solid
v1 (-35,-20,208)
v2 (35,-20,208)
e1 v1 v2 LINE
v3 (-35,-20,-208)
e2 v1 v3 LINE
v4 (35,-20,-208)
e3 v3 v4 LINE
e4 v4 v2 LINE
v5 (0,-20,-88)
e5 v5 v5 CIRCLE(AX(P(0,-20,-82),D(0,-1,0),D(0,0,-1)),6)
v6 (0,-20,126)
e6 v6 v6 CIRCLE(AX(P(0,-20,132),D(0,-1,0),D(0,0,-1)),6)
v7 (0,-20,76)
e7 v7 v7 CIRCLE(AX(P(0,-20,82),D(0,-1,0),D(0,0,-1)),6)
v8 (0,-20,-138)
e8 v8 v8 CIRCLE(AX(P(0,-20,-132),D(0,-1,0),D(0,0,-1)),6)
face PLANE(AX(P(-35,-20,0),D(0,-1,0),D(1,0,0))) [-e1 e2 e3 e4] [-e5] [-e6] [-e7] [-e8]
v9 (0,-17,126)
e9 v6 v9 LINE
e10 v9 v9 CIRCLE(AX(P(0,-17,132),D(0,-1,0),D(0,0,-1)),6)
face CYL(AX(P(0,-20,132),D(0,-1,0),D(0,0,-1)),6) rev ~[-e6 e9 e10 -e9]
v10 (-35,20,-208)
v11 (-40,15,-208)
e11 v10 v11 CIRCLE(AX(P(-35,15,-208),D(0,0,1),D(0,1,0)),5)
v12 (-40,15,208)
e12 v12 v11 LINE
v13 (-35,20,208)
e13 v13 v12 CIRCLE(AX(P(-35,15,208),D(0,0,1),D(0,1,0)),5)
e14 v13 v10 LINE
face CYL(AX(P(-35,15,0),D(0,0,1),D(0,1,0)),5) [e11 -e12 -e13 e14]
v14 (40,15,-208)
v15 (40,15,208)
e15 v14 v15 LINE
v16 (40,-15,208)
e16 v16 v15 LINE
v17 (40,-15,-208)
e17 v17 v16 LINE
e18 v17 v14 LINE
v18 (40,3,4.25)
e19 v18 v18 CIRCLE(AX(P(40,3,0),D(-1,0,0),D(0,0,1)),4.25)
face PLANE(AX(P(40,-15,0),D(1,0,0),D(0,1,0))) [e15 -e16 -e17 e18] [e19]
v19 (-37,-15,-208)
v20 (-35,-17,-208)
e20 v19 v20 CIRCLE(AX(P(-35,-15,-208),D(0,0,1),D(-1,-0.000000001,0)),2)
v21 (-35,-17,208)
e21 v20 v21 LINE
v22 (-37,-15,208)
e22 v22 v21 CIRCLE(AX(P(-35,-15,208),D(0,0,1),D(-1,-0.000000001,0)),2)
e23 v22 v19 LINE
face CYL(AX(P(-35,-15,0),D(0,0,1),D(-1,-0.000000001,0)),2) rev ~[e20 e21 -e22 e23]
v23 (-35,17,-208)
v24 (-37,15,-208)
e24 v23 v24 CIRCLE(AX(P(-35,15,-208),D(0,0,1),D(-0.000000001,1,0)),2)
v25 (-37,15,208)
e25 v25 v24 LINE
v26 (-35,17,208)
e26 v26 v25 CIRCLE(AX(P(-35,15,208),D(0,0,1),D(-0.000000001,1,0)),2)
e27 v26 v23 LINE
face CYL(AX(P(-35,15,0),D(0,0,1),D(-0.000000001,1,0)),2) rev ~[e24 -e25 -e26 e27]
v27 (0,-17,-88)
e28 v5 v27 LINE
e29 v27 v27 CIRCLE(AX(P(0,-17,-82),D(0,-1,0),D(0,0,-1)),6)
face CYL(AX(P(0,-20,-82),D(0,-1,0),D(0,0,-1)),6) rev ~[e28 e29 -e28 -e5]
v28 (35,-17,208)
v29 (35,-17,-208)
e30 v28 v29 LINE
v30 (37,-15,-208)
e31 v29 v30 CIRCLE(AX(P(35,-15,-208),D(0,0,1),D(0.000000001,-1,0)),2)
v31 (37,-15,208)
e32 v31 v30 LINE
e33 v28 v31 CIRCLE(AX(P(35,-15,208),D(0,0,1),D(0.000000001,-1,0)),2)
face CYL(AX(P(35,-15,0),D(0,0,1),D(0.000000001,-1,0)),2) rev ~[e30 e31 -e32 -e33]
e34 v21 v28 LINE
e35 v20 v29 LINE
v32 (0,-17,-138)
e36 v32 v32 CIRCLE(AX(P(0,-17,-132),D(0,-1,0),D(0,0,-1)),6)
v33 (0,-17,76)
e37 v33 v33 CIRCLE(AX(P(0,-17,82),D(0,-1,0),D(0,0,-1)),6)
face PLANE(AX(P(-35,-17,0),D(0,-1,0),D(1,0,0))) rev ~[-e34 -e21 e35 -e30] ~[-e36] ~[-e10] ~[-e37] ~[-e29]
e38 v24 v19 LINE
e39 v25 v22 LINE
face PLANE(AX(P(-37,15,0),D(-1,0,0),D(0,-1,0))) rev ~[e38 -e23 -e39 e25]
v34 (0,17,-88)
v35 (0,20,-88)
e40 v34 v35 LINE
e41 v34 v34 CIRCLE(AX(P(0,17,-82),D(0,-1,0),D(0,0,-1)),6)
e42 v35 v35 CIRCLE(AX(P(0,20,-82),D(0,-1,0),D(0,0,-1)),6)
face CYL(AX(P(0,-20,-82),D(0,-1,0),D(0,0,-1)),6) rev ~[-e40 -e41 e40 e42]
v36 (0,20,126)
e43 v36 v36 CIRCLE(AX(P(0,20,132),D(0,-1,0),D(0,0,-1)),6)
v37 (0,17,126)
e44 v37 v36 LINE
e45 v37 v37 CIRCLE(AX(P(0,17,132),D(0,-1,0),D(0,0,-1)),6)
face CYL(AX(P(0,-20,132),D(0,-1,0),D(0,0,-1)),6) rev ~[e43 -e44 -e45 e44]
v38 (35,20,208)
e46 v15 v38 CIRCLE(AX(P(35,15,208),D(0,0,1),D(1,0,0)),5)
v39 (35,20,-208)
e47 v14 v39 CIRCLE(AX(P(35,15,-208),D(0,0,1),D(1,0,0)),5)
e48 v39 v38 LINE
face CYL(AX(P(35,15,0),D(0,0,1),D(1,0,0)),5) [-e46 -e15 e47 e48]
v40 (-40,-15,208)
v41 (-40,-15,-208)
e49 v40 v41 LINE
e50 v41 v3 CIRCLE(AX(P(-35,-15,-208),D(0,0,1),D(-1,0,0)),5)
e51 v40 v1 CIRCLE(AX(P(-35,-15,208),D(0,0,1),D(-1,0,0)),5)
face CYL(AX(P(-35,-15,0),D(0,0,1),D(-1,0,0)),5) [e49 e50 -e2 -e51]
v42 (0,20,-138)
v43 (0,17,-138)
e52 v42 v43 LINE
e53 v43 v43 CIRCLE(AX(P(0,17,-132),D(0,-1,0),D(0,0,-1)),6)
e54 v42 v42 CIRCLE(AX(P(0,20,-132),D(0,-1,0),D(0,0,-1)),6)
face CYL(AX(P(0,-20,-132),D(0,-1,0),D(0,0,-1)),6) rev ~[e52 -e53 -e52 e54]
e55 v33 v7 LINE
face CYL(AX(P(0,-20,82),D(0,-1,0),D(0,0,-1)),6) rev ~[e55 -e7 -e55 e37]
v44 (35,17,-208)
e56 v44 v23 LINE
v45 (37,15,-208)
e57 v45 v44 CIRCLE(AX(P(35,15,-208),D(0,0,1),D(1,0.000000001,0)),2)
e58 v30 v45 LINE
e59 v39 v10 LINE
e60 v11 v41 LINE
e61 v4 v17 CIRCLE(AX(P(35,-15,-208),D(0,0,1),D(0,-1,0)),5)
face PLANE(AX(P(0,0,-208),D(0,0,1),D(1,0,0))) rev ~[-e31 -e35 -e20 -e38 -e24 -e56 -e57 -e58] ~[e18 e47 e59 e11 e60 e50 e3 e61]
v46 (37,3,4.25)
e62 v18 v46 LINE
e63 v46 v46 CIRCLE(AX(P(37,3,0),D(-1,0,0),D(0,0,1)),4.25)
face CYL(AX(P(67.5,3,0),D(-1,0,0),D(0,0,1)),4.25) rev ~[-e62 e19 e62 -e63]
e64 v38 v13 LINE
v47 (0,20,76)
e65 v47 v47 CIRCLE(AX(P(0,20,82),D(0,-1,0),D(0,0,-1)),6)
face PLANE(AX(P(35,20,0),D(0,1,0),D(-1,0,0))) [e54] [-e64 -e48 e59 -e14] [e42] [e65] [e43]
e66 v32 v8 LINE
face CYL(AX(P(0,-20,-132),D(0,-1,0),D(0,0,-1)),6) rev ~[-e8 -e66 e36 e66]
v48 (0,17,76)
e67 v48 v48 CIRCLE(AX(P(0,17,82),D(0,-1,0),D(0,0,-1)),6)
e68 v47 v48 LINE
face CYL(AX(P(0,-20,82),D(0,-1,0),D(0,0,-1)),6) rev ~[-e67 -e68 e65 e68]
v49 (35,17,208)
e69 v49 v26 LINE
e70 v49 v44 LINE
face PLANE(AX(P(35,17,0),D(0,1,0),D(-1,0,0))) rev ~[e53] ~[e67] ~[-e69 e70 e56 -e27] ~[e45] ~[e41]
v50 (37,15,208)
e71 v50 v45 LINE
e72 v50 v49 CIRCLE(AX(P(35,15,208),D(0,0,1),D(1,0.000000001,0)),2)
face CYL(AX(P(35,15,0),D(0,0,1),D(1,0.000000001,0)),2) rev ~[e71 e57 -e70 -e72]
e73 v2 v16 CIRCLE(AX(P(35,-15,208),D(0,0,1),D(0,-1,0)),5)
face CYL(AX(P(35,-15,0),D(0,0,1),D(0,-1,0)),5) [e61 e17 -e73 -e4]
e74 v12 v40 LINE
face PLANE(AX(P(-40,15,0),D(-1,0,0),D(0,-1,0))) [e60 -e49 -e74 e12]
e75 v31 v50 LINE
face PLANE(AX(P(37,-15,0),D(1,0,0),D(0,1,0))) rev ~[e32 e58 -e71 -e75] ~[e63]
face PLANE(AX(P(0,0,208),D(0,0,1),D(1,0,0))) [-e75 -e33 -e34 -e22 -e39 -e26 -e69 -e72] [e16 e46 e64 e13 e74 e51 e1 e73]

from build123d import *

# Parameters (mm, degrees)
EXTRUDE_1_DEPTH        = 208
HOLE_WIZARD_M101_D     = 8.5
HOLE_WIZARD_M101_DEPTH = 27.5
HOLE_WIZARD_M101_TIP   = 2.553657631
SKETCH_6_R             = 6
CUT_EXTRUDE_2_DEPTH    = 216.555097365
PATTERN_LINEAR_1_COUNT = 2
PATTERN_LINEAR_1_PITCH = 214


with BuildPart() as part:
    # Эскиз1 → Бобышка-Вытянуть1 (new, symmetric)
    with BuildSketch(Plane.XY):
        with BuildLine():
            Line((-35, -20), (35, -20))
            ThreePointArc((35, -20), (38.535533906, -18.535533906), (40, -15))
            Line((40, -15), (40, 15))
            ThreePointArc((40, 15), (38.535533906, 18.535533906), (35, 20))
            Line((35, 20), (-35, 20))
            ThreePointArc((-35, 20), (-38.535533906, 18.535533906), (-40, 15))
            Line((-40, 15), (-40, -15))
            ThreePointArc((-40, -15), (-38.535533906, -18.535533906), (-35, -20))
        make_face()
        with BuildLine():
            Line((-35, -17), (35, -17))
            ThreePointArc((35, -17), (36.414213562, -16.414213562), (37, -15))
            Line((37, -15), (37, 15))
            ThreePointArc((37, 15), (36.414213562, 16.414213562), (35, 17))
            Line((35, 17), (-35, 17))
            ThreePointArc((-35, 17), (-36.414213562, 16.414213562), (-37, 15))
            Line((-37, 15), (-37, -15))
            ThreePointArc((-37, -15), (-36.414213562, -16.414213562), (-35, -17))
        make_face(mode=Mode.SUBTRACT)
    extrude(amount=EXTRUDE_1_DEPTH, both=True)

    # Отверстие обработанное метчиком M101
    with Locations(Plane(origin=(40, 0, 0), x_dir=(0, 0, -1), z_dir=(1, 0, 0))):
        with Locations((400, 3), (0, 3), (-400, 3)):
            Hole(HOLE_WIZARD_M101_D / 2, depth=HOLE_WIZARD_M101_DEPTH)
            with Locations((0, 0, -(HOLE_WIZARD_M101_DEPTH + HOLE_WIZARD_M101_TIP / 2))):  # 118° drill point
                Cone(0, HOLE_WIZARD_M101_D / 2, HOLE_WIZARD_M101_TIP, mode=Mode.SUBTRACT)

    # Эскиз6 → Вырез-Вытянуть2 (cut, symmetric)
    with BuildSketch(Plane.XZ.offset(20)):
        with Locations(Location((0, 132, 0), (0, 0, 270))):
            Circle(SKETCH_6_R)
        with Locations(Location((0, 82, 0), (0, 0, 270))):
            Circle(SKETCH_6_R)
    cut_extrude_2 = extrude(amount=CUT_EXTRUDE_2_DEPTH, both=True, mode=Mode.SUBTRACT)

    # Линейный массив1: Вырез-Вытянуть2 ×2
    with Locations(*[(0, 0, -i * PATTERN_LINEAR_1_PITCH) for i in range(1, PATTERN_LINEAR_1_COUNT)]):
        add(cut_extrude_2, mode=Mode.SUBTRACT)


solid = part.part
